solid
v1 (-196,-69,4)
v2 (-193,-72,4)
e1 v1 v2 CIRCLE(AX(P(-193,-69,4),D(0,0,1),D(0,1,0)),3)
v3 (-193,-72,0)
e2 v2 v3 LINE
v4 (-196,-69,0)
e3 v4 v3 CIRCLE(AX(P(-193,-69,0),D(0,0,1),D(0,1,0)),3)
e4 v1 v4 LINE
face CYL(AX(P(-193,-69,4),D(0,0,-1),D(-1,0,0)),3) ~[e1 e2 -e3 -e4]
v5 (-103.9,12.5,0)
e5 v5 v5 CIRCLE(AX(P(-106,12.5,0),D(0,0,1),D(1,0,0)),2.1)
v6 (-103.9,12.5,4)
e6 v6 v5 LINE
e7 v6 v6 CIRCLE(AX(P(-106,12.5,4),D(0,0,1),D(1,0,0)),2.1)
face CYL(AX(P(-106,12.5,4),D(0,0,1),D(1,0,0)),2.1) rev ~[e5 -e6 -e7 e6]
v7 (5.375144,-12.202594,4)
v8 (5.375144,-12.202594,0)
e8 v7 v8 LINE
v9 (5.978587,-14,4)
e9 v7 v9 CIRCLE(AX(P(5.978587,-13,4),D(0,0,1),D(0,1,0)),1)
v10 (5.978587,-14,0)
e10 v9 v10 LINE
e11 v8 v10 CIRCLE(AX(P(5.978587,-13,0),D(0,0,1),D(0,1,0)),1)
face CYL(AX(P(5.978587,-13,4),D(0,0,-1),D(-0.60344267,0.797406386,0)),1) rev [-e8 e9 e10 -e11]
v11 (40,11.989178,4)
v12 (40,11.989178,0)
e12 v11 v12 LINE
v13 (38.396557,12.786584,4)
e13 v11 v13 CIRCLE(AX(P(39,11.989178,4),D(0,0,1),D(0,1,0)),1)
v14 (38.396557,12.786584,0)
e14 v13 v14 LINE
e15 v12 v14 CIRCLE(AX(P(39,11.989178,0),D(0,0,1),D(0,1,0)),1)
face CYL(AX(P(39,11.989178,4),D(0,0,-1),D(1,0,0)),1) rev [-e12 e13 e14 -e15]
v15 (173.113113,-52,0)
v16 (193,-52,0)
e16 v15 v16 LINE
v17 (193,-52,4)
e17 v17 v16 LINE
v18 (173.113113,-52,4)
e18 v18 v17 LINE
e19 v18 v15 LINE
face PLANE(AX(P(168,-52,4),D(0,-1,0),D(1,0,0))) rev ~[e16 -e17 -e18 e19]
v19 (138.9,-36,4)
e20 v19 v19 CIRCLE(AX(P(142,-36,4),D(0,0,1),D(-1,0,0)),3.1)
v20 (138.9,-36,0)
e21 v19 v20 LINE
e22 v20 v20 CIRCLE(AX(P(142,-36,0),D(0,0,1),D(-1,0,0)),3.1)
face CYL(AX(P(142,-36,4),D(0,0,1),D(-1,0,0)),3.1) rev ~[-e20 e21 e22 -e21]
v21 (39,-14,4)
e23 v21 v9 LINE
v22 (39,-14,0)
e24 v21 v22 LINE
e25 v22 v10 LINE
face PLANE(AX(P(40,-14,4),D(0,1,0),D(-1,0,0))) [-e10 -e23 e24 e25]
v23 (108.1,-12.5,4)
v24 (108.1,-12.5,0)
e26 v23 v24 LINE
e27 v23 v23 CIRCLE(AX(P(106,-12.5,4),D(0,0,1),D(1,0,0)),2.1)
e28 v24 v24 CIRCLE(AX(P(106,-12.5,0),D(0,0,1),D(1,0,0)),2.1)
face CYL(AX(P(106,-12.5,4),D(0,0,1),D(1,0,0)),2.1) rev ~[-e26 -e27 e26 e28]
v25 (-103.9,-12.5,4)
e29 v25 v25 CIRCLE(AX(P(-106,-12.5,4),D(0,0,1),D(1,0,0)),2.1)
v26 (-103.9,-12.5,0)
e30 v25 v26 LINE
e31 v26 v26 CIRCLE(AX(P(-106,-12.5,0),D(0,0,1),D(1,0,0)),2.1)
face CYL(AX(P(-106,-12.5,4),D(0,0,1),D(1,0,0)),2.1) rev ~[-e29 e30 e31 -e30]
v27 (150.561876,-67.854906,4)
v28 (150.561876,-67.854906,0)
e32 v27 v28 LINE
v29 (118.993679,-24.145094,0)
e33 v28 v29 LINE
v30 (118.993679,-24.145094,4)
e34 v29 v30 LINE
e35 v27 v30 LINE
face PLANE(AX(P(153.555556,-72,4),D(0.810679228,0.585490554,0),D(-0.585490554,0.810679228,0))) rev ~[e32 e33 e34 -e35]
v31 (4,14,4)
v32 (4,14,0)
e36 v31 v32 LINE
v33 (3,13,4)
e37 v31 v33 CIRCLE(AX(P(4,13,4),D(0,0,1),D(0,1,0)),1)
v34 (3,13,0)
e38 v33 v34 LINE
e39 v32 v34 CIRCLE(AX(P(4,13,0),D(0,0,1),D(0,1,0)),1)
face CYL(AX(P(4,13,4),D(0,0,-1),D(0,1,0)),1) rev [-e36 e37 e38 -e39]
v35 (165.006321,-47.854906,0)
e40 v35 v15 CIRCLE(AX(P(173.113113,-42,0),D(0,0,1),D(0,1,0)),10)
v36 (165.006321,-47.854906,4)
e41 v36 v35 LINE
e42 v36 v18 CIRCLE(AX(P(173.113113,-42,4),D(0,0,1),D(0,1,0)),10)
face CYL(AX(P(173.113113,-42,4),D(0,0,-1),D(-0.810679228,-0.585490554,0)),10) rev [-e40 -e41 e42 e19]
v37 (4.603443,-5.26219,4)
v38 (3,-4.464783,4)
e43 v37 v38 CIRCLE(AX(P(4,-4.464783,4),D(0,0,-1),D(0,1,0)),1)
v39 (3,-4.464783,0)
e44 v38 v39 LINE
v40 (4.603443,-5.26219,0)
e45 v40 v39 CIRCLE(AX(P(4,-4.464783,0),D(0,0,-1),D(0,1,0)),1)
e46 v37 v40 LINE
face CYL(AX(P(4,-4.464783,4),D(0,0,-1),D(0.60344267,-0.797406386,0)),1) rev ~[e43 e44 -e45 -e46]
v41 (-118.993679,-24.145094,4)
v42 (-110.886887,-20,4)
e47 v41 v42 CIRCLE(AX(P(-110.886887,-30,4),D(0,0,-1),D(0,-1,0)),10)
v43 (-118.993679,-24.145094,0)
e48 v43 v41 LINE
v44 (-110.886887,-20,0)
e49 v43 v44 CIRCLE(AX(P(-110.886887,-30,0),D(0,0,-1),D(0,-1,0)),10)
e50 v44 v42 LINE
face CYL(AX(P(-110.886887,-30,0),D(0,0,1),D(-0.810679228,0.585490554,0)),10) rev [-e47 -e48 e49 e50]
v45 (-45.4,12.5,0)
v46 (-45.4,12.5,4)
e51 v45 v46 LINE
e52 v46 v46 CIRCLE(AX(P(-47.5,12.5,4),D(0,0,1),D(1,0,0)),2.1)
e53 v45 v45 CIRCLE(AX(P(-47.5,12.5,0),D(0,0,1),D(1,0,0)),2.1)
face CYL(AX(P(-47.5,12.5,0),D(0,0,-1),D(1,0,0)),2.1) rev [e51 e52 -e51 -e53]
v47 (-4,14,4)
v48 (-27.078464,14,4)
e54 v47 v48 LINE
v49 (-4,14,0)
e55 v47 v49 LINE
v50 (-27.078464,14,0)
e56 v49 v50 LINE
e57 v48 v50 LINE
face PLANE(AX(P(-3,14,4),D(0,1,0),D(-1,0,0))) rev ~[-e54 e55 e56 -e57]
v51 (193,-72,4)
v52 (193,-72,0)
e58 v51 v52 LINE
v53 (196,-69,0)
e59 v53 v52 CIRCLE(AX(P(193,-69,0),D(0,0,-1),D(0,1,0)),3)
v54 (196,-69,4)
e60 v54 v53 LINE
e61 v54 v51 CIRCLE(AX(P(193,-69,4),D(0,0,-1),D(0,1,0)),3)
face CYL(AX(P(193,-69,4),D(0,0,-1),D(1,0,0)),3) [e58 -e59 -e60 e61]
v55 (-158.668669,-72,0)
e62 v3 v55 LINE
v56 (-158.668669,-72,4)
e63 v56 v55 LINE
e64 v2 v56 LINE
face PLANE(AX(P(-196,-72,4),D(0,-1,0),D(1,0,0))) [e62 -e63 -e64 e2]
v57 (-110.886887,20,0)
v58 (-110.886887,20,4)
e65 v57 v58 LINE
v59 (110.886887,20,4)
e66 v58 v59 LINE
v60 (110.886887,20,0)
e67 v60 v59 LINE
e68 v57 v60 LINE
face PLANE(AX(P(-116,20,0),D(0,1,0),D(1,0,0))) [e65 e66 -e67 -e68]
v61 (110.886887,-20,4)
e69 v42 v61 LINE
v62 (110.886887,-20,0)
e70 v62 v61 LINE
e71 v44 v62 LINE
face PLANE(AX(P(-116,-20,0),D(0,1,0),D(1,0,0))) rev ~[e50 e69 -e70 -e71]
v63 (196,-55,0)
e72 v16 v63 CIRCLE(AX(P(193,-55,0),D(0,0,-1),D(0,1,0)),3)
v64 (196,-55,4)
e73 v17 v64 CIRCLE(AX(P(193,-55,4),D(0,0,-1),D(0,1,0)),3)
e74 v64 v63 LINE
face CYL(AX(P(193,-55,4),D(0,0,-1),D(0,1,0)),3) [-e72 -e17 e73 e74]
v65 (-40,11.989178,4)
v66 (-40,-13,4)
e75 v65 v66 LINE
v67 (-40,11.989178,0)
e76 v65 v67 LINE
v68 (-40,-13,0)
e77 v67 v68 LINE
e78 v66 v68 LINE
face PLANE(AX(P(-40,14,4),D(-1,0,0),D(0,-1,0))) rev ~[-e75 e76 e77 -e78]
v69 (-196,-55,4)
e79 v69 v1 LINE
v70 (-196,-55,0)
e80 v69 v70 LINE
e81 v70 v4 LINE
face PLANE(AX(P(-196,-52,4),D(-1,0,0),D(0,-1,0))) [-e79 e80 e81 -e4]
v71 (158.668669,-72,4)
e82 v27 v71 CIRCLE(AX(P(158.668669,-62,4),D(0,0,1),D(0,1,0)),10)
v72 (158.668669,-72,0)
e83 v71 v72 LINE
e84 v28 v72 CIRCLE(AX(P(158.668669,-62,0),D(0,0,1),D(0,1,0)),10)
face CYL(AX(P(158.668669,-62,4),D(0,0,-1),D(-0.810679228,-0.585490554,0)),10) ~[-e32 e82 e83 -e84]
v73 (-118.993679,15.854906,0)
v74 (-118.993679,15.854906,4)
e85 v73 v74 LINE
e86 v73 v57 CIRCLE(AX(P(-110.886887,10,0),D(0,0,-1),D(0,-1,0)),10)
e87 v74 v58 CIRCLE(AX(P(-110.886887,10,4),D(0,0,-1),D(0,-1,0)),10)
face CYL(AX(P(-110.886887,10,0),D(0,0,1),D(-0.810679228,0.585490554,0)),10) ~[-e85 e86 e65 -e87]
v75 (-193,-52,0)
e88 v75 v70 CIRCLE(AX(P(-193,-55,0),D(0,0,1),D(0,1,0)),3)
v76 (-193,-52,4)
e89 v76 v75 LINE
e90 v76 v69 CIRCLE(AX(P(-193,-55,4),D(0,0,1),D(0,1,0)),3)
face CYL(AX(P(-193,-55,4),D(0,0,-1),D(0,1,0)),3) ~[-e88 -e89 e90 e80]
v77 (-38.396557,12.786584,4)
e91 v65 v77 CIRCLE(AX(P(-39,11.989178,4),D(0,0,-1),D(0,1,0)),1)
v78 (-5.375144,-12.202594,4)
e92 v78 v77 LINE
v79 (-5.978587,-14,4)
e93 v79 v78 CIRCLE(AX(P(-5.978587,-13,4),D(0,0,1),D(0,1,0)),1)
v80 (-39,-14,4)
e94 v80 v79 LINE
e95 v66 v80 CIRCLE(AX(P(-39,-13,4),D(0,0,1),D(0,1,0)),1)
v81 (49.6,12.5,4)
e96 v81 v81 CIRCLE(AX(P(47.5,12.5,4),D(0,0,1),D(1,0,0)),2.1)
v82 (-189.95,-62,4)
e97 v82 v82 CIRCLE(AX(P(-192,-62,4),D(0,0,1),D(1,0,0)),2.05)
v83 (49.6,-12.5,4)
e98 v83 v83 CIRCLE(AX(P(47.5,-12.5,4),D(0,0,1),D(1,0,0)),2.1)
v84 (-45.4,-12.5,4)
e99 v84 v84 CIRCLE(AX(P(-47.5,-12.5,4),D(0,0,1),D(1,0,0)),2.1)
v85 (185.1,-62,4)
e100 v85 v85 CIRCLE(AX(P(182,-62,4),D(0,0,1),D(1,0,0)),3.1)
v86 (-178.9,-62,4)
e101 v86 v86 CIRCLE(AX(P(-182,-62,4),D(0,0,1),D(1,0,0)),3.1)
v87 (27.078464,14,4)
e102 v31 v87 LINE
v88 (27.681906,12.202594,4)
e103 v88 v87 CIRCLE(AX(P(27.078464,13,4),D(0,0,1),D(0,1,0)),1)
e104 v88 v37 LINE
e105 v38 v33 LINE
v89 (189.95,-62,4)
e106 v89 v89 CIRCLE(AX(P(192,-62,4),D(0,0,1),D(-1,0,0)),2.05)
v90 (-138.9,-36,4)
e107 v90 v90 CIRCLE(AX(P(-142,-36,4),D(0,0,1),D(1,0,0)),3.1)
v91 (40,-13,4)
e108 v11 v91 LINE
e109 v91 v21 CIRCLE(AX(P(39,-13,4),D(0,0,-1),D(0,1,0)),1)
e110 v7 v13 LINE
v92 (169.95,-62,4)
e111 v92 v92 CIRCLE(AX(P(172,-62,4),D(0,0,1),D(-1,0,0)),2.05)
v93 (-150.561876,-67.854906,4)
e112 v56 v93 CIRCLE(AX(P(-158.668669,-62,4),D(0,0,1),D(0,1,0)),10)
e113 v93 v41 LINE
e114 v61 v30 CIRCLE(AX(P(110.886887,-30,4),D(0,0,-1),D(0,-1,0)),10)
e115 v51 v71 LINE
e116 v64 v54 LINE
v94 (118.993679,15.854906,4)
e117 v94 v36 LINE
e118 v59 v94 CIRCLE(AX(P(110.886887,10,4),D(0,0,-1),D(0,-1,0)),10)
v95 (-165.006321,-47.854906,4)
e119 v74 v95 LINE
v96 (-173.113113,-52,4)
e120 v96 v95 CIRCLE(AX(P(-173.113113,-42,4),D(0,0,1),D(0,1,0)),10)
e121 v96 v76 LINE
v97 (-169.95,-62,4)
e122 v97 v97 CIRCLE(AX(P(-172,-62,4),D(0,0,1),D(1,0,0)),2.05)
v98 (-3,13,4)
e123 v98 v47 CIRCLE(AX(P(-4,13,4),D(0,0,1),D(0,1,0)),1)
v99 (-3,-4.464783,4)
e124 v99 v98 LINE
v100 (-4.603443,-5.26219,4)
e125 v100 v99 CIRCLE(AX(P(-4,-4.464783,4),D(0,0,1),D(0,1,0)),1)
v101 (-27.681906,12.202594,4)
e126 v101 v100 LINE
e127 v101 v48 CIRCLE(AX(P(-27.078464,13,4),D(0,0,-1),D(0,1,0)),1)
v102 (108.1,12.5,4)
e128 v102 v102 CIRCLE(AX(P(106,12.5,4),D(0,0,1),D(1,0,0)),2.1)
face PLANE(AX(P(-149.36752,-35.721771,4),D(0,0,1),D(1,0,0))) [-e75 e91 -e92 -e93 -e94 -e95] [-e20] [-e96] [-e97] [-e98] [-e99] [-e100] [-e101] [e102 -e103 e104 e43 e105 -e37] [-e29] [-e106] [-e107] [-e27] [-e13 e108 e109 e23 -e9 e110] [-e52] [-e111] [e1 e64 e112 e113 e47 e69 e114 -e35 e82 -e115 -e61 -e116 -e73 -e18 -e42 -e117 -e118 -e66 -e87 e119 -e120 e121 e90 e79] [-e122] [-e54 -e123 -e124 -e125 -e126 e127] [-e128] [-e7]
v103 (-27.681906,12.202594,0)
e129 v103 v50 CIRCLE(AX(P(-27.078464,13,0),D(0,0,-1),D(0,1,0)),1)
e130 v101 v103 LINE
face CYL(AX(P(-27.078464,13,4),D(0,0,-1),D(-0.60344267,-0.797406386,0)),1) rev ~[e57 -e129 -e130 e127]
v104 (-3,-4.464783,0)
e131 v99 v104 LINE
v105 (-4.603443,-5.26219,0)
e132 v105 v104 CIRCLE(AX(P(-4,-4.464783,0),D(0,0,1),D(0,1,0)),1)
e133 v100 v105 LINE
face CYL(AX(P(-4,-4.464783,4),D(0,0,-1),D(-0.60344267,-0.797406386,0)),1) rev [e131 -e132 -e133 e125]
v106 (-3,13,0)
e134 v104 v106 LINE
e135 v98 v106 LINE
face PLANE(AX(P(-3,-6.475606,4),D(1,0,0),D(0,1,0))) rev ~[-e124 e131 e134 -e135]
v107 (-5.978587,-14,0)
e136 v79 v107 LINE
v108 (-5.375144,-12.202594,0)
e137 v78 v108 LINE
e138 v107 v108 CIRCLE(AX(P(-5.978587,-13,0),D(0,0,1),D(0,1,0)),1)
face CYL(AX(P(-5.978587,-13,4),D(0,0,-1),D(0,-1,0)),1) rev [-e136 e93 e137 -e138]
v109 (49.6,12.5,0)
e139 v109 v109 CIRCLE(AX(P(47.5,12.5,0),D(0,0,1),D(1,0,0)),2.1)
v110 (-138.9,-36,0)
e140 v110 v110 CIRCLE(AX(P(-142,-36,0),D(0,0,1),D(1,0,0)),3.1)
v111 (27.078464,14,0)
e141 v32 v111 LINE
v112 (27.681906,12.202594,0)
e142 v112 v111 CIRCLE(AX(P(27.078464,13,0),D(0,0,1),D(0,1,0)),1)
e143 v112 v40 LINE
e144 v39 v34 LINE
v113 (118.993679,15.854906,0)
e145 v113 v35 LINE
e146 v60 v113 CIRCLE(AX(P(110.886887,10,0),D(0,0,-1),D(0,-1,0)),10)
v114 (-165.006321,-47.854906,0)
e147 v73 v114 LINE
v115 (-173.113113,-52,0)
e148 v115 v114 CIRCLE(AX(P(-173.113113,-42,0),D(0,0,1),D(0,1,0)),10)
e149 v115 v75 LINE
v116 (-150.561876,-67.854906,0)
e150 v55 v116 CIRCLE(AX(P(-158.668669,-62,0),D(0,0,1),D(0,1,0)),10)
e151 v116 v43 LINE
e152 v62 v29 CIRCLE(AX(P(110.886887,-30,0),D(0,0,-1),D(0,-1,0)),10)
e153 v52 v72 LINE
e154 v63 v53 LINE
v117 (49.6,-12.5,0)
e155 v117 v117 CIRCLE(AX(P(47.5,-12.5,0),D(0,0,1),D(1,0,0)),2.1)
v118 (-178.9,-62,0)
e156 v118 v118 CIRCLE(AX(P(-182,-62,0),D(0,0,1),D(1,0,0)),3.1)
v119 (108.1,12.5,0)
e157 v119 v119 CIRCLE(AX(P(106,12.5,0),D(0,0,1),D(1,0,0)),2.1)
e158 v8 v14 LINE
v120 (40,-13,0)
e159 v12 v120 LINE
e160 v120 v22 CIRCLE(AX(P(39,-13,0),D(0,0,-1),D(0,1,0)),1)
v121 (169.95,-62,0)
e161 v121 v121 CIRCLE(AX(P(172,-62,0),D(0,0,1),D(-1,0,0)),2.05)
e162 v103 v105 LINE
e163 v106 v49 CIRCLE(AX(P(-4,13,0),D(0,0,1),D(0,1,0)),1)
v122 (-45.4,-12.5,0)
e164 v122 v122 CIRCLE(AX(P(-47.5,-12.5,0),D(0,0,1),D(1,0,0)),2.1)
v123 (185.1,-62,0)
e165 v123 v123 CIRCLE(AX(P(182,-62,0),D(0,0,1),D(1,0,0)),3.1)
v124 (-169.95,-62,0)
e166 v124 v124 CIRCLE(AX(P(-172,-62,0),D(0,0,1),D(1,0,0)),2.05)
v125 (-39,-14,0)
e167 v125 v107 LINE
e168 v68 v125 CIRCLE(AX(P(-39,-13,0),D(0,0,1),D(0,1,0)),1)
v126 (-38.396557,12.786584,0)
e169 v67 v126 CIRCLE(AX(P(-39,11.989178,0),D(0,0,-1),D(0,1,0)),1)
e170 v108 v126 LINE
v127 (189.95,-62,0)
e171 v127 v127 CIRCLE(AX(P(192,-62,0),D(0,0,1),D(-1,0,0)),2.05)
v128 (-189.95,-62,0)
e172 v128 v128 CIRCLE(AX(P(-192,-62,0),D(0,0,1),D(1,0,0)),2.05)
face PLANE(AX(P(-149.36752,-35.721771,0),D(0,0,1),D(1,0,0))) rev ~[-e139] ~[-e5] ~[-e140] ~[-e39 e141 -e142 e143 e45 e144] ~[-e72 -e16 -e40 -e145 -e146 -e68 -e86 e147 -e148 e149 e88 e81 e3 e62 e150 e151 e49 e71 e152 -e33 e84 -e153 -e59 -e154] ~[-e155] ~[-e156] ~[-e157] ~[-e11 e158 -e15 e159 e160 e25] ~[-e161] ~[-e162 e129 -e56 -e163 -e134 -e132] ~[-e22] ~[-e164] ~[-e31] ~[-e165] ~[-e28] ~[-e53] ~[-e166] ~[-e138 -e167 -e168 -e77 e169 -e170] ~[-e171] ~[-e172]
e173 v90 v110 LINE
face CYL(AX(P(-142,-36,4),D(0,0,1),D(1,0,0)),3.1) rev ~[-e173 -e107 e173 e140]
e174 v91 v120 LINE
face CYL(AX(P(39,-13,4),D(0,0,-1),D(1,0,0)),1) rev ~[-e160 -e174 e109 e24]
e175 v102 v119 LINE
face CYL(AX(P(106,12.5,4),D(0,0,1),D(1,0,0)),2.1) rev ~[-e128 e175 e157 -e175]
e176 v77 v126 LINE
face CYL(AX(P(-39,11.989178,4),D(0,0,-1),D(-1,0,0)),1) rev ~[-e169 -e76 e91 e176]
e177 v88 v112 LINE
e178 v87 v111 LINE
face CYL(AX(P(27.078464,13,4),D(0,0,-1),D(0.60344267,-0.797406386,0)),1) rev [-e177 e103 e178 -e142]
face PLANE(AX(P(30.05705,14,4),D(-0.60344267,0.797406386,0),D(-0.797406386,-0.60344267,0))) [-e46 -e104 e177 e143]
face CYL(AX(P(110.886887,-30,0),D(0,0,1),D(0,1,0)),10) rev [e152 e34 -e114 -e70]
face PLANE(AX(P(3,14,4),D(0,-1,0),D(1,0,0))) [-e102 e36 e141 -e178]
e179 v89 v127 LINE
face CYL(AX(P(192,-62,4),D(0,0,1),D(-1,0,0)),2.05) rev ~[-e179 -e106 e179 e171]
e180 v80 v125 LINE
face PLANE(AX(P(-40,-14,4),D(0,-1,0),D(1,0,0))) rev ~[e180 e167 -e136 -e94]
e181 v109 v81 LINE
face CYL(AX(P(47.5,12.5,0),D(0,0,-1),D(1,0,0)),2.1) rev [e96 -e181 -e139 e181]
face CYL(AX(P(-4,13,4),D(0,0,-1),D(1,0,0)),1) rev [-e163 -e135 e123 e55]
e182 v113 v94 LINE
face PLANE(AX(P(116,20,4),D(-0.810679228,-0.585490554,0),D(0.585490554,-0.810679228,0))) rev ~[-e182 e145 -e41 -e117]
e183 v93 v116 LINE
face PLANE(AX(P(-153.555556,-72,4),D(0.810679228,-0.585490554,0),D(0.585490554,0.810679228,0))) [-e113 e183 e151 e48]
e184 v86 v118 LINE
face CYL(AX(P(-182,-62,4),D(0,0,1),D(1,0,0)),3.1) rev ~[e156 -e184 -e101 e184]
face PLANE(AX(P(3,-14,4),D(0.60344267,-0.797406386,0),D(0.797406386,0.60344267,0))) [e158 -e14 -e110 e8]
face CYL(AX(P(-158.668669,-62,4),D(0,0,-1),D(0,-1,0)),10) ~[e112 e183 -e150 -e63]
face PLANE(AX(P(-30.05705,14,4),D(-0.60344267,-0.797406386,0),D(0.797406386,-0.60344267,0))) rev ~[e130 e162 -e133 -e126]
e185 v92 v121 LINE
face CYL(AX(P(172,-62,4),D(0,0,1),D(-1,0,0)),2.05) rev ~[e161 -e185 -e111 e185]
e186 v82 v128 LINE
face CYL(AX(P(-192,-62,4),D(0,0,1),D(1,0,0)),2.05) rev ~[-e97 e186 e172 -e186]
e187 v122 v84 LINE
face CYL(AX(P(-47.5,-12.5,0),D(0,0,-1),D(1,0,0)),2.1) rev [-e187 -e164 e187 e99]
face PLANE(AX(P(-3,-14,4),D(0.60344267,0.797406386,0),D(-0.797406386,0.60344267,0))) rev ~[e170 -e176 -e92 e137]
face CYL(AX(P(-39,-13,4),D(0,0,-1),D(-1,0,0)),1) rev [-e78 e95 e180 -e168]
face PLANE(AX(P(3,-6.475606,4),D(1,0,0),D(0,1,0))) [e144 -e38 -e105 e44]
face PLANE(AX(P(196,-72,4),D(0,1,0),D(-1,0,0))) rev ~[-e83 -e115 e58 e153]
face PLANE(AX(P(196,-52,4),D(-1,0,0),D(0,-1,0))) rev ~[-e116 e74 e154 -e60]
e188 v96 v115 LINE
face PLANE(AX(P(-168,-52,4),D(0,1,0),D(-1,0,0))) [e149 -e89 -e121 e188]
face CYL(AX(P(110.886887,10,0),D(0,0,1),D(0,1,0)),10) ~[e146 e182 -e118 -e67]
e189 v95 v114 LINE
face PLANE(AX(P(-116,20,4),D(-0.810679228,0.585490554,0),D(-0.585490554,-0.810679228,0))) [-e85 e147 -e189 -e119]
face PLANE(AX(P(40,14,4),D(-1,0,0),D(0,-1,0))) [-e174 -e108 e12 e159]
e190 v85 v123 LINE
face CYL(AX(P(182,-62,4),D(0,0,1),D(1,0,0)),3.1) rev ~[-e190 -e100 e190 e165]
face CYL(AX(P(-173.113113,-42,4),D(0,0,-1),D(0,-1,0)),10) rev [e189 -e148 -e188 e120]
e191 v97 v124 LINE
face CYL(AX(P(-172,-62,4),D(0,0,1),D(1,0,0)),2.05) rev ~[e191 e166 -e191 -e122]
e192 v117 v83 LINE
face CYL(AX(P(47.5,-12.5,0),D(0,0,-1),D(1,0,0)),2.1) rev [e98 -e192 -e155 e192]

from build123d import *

# Parameters (mm, degrees)
SKETCH_1_W          = 232
SKETCH_1_H          = 40
SKETCH_1_R          = 2.1
EXTRUDE_1_DEPTH     = 4
SKETCH_2_R          = 3.1
EXTRUDE_2_DEPTH     = 4
SKETCH_4_R          = 2.1
CUT_EXTRUDE_2_DEPTH = 10
FILLET_1_R          = 3
FILLET_2_R          = 10
SKETCH_6_R          = 2.05
SKETCH_6_R_2        = 3.1
CUT_EXTRUDE_4_DEPTH = 209.844439715
CUT_EXTRUDE_5_DEPTH = 10
FILLET_3_R          = 1


with BuildPart() as part:
    # 草图1 → 凸台-拉伸1 (new body)
    with BuildSketch(Plane.XY):
        Rectangle(SKETCH_1_W, SKETCH_1_H)
        with Locations((-47.5, 12.5)):
            Circle(SKETCH_1_R, mode=Mode.SUBTRACT)
        with Locations((47.5, 12.5)):
            Circle(SKETCH_1_R, mode=Mode.SUBTRACT)
        with Locations((-47.5, -12.5)):
            Circle(SKETCH_1_R, mode=Mode.SUBTRACT)
        with Locations((47.5, -12.5)):
            Circle(SKETCH_1_R, mode=Mode.SUBTRACT)
    extrude(amount=EXTRUDE_1_DEPTH)

    # 草图2 → 凸台-拉伸2 (add)
    # profile 1 of 2: a face of its own
    with BuildSketch(Plane.XY.offset(4)):
        Polygon((-116, 20), (-168, -52), (-196, -52), (-196, -72), (-153.555555556, -72), (-116, -20), align=None)
        with Locations((-142, -36)):
            Circle(SKETCH_2_R, mode=Mode.SUBTRACT)
    # profile 2 of 2: a face of its own
    with BuildSketch(Plane.XY.offset(4)):
        Polygon((116, 20), (168, -52), (196, -52), (196, -72), (153.555555556, -72), (116, -20), align=None)
        with Locations(Location((142, -36, 0), (0, 0, 180))):
            Circle(SKETCH_2_R, mode=Mode.SUBTRACT)
    extrude(amount=-EXTRUDE_2_DEPTH)

    # 草图4 → 切除-拉伸2 (cut)
    with BuildSketch(Plane.XY.offset(4)):
        with Locations((-106, 12.5)):
            Circle(SKETCH_4_R)
        with Locations((-106, -12.5)):
            Circle(SKETCH_4_R)
        with Locations((106, 12.5)):
            Circle(SKETCH_4_R)
        with Locations((106, -12.5)):
            Circle(SKETCH_4_R)
    extrude(amount=-CUT_EXTRUDE_2_DEPTH, mode=Mode.SUBTRACT)

    # 圆角1
    fillet_1_edges = [part.edges().sort_by_distance(p)[0] for p in [
        (-196, -72, 2),
        (-196, -52, 2),
        (196, -52, 2),
        (196, -72, 2),
    ]]
    fillet(fillet_1_edges, radius=FILLET_1_R)

    # 圆角2
    fillet_2_edges = [part.edges().sort_by_distance(p)[0] for p in [
        (-153.555555556, -72, 2),
        (-168, -52, 2),
        (168, -52, 2),
        (153.555555556, -72, 2),
        (116, -20, 2),
        (-116, -20, 2),
        (-116, 20, 2),
        (116, 20, 2),
    ]]
    fillet(fillet_2_edges, radius=FILLET_2_R)

    # 草图6 → 切除-拉伸4 (cut, through all)
    with BuildSketch(Plane.XY.offset(4)):
        with Locations((-192, -62)):
            Circle(SKETCH_6_R)
        with Locations((-172, -62)):
            Circle(SKETCH_6_R)
        with Locations(Location((172, -62, 0), (0, 0, 180))):
            Circle(SKETCH_6_R)
        with Locations(Location((192, -62, 0), (0, 0, 180))):
            Circle(SKETCH_6_R)
        with Locations((-182, -62)):
            Circle(SKETCH_6_R_2)
        with Locations((182, -62)):
            Circle(SKETCH_6_R_2)
    extrude(amount=-CUT_EXTRUDE_4_DEPTH, mode=Mode.SUBTRACT)

    # 草图5 → 切除-拉伸5 (cut)
    with BuildSketch(Plane.XY.offset(4)):
        Polygon((-40, 14), (-40, -14), (-3, -14), align=None)
        Polygon((-30.057050493, 14), (-3, -6.475605779), (-3, 14), align=None)
        Polygon((40, -14), (3, -14), (40, 14), align=None)
        Polygon((3, -6.475605779), (3, 14), (30.057050493, 14), align=None)
    extrude(amount=-CUT_EXTRUDE_5_DEPTH, mode=Mode.SUBTRACT)

    # 圆角3
    fillet_3_edges = [part.edges().sort_by_distance(p)[0] for p in [
        (-3, 14, 2),
        (-3, -6.475605779, 2),
        (-30.057050493, 14, 2),
        (3, 14, 2),
        (30.057050493, 14, 2),
        (3, -6.475605779, 2),
        (3, -14, 2),
        (40, 14, 2),
        (40, -14, 2),
        (-3, -14, 2),
        (-40, -14, 2),
        (-40, 14, 2),
    ]]
    fillet(fillet_3_edges, radius=FILLET_3_R)


solid = part.part
